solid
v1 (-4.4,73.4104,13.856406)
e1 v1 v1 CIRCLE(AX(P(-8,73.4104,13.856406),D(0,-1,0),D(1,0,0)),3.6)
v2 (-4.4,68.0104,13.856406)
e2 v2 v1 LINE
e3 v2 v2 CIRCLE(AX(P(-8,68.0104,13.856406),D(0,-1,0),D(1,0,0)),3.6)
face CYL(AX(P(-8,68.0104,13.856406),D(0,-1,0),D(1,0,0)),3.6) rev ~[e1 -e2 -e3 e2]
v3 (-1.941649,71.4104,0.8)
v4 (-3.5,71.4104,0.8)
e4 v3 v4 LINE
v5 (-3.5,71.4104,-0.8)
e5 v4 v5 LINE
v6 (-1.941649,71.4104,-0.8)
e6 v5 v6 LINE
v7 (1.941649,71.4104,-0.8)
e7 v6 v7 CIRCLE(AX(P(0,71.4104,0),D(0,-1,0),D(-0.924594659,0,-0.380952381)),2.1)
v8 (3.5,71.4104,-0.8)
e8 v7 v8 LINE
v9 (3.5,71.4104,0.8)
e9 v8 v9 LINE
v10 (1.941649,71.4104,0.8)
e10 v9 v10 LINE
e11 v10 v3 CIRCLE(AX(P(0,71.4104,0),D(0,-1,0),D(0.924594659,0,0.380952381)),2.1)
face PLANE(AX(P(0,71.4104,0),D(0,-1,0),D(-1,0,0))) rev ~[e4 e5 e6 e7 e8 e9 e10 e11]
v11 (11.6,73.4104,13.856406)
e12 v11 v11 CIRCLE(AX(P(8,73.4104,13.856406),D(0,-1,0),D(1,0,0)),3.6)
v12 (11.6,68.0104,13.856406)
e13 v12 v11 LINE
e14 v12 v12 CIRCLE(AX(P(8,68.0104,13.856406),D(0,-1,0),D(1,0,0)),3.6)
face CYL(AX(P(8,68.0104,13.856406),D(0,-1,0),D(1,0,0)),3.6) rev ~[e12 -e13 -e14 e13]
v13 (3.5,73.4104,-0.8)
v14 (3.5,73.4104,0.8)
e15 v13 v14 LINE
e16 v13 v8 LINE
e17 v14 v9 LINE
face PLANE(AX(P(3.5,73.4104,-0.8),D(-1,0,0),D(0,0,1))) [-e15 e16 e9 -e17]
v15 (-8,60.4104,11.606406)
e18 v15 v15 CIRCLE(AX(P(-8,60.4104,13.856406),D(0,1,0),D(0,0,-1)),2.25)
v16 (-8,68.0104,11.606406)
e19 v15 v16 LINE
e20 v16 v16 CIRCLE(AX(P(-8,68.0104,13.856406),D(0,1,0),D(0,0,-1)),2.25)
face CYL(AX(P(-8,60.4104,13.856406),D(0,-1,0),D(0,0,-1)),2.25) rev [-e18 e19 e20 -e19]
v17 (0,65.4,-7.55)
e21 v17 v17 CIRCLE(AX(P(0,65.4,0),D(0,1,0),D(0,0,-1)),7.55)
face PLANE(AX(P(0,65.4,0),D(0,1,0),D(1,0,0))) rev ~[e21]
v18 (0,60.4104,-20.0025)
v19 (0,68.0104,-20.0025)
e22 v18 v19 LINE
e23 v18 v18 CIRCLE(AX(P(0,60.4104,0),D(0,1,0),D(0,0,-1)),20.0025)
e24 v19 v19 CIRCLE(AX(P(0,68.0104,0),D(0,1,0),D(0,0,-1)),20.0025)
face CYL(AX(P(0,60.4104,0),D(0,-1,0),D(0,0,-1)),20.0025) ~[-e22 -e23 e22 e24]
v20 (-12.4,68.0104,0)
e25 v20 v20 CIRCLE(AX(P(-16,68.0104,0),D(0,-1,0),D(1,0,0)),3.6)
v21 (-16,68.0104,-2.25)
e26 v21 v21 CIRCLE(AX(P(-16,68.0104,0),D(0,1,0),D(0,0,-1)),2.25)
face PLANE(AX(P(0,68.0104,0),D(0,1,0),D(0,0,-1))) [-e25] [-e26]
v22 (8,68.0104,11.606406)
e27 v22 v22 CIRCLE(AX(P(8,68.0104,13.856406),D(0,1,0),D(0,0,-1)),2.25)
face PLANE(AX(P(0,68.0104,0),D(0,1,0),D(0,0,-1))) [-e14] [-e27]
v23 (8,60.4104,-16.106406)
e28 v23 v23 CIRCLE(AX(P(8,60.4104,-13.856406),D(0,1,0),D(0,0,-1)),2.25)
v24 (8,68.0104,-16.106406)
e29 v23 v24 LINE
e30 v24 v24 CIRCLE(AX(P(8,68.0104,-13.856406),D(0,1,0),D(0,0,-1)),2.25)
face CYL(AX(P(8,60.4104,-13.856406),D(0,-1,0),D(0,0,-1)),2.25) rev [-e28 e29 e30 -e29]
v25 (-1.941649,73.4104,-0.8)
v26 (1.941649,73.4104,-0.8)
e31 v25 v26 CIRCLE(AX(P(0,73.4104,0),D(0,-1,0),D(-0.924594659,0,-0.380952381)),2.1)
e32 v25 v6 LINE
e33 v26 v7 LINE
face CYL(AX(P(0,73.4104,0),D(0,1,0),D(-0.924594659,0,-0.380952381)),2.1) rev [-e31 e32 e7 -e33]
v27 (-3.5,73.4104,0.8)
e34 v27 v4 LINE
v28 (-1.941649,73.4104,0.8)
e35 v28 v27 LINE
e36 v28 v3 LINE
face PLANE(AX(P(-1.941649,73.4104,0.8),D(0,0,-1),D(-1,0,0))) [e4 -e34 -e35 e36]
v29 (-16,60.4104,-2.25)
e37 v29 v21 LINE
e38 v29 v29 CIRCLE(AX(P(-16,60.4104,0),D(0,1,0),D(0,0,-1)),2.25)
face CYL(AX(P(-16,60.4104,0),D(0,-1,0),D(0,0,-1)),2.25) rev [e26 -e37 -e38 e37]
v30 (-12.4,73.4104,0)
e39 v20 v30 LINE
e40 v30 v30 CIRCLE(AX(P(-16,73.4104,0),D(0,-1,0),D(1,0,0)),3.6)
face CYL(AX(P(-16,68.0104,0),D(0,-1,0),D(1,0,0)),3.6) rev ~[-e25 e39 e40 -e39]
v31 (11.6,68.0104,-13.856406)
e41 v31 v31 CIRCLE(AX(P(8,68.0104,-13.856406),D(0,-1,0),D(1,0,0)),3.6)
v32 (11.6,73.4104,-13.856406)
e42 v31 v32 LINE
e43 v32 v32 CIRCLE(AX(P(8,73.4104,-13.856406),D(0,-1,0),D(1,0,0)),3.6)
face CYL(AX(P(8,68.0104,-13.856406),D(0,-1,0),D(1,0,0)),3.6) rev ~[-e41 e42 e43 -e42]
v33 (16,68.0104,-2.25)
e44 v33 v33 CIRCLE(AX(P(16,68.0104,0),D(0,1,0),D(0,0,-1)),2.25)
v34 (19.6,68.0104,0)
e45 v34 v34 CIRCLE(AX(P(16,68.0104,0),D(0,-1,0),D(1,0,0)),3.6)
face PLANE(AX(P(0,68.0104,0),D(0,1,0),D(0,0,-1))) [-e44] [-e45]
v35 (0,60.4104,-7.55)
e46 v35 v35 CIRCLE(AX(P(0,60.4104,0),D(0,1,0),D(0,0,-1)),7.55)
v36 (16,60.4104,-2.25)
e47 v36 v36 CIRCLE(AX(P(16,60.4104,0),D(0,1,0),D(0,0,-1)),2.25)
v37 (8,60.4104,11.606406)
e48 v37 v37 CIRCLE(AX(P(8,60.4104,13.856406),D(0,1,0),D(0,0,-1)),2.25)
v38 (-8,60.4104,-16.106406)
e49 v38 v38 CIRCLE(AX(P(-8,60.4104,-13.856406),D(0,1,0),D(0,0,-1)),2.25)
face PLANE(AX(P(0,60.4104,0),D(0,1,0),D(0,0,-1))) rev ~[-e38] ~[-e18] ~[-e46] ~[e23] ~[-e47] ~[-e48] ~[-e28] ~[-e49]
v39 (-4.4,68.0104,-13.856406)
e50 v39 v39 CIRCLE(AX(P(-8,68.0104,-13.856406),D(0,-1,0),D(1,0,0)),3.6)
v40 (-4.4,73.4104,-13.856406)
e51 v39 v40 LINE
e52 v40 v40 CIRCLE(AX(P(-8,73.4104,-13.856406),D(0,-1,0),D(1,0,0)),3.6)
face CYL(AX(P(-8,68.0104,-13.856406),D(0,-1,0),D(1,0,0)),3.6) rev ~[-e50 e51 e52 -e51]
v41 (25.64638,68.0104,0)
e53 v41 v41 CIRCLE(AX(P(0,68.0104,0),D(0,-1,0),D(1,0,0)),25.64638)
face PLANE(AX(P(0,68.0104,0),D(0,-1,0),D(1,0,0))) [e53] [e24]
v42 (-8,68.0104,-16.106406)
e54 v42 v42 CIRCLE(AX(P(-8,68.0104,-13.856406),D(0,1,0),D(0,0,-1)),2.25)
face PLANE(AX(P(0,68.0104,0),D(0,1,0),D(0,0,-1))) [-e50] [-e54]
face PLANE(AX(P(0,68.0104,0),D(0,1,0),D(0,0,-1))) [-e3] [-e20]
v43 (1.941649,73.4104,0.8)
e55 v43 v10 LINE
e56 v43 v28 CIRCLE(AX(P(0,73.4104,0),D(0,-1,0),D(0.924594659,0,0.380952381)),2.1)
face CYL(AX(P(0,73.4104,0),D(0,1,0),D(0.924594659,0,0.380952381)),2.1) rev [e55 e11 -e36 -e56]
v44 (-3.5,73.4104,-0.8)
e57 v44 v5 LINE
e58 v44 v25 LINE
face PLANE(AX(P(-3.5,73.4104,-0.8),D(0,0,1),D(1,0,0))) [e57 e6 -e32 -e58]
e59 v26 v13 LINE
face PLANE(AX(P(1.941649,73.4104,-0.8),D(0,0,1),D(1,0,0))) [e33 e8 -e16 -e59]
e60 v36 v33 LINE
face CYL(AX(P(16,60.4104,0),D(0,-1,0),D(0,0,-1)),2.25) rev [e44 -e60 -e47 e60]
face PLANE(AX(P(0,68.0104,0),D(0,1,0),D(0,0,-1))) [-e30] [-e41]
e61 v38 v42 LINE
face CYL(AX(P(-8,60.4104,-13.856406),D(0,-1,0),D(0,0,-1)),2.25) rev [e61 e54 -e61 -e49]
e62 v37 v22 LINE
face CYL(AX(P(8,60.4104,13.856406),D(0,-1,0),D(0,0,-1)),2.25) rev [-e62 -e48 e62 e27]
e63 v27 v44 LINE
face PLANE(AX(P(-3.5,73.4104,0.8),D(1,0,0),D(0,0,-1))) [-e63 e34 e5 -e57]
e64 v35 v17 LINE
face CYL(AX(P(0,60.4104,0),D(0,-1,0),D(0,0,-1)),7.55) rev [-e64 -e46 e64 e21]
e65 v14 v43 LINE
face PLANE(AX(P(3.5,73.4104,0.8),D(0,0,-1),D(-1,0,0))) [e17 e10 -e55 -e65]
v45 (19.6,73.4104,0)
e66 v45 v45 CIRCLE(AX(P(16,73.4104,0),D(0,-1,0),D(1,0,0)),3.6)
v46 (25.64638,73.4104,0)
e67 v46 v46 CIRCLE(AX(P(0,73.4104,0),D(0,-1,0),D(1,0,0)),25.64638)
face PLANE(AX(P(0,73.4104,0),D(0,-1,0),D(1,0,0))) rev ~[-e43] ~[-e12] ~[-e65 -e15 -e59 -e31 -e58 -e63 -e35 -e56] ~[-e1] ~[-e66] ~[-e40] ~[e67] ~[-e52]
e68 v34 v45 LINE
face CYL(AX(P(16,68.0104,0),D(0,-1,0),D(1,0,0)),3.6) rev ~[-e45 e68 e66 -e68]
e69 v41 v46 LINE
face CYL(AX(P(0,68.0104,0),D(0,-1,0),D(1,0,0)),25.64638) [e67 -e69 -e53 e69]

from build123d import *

# Parameters (mm, degrees)
SKETCH1_R           = 20.0025
SKETCH1_R_2         = 7.55
SKETCH1_R_3         = 2.25
BOSS_EXTRUDE1_DEPTH = 7.6
SKETCH9_R           = 7.55
SKETCH9_R_2         = 6.952615
BOSS_EXTRUDE5_DEPTH = 2.6104
SKETCH2_R           = 25.64638
SKETCH2_R_2         = 3.6
BOSS_EXTRUDE2_DEPTH = 5.4
CUT_EXTRUDE1_START  = 8
SKETCH4_R           = 6.952615
CUT_EXTRUDE1_DEPTH  = 8
BOSS_EXTRUDE6_START = -8.0104
SKETCH10_R          = 6.952615
BOSS_EXTRUDE6_DEPTH = 8.0104
CUT_EXTRUDE2_DEPTH  = 2


with BuildPart() as part:
    # Sketch1 → Boss-Extrude1 (new body)
    with BuildSketch(Plane(origin=(0, 60.4104, 0), x_dir=(1, 0, 0), z_dir=(0, 1, 0))):
        with Locations(Location((0, 0, 0), (0, 0, 90))):
            Circle(SKETCH1_R)
        with Locations(Location((0, 0, 0), (0, 0, 90))):
            Circle(SKETCH1_R_2, mode=Mode.SUBTRACT)
        with Locations(Location((-8, 13.856406461, 0), (0, 0, 90))):
            Circle(SKETCH1_R_3, mode=Mode.SUBTRACT)
        with Locations(Location((8, 13.856406461, 0), (0, 0, 90))):
            Circle(SKETCH1_R_3, mode=Mode.SUBTRACT)
        with Locations(Location((16, 0, 0), (0, 0, 90))):
            Circle(SKETCH1_R_3, mode=Mode.SUBTRACT)
        with Locations(Location((8, -13.856406461, 0), (0, 0, 90))):
            Circle(SKETCH1_R_3, mode=Mode.SUBTRACT)
        with Locations(Location((-8, -13.856406461, 0), (0, 0, 90))):
            Circle(SKETCH1_R_3, mode=Mode.SUBTRACT)
        with Locations(Location((-16, 0, 0), (0, 0, 90))):
            Circle(SKETCH1_R_3, mode=Mode.SUBTRACT)
    extrude(amount=BOSS_EXTRUDE1_DEPTH)

    # Sketch9 → Boss-Extrude5 (add)
    with BuildSketch(Plane(origin=(0, 65.4, 0), x_dir=(1, 0, 0), z_dir=(0, 1, 0))):
        with Locations(Location((0, 0, 0), (0, 0, 90))):
            Circle(SKETCH9_R)
        with Locations(Location((0, 0, 0), (0, 0, 270))):
            Circle(SKETCH9_R_2, mode=Mode.SUBTRACT)
    extrude(amount=BOSS_EXTRUDE5_DEPTH)

    # Sketch2 → Boss-Extrude2 (add)
    with BuildSketch(Plane(origin=(0, 68.0104, 0), x_dir=(-1, 0, 0), z_dir=(0, -1, 0))):
        with Locations(Location((0, 0, 0), (0, 0, 180))):
            Circle(SKETCH2_R)
        with Locations(Location((-16, 0, 0), (0, 0, 180))):
            Circle(SKETCH2_R_2, mode=Mode.SUBTRACT)
        with Locations(Location((-8, 13.856406461, 0), (0, 0, 180))):
            Circle(SKETCH2_R_2, mode=Mode.SUBTRACT)
        with Locations(Location((8, 13.856406461, 0), (0, 0, 180))):
            Circle(SKETCH2_R_2, mode=Mode.SUBTRACT)
        with Locations(Location((16, 0, 0), (0, 0, 180))):
            Circle(SKETCH2_R_2, mode=Mode.SUBTRACT)
        with Locations(Location((8, -13.856406461, 0), (0, 0, 180))):
            Circle(SKETCH2_R_2, mode=Mode.SUBTRACT)
        with Locations(Location((-8, -13.856406461, 0), (0, 0, 180))):
            Circle(SKETCH2_R_2, mode=Mode.SUBTRACT)
    extrude(amount=-BOSS_EXTRUDE2_DEPTH)

    # Sketch4 → Cut-Extrude1 (cut)
    with BuildSketch(Plane.XZ.offset(-73.4104).offset(CUT_EXTRUDE1_START)):
        Circle(SKETCH4_R)
    extrude(amount=-CUT_EXTRUDE1_DEPTH, mode=Mode.SUBTRACT)

    # Sketch10 → Boss-Extrude6 (add)
    with BuildSketch(Plane(origin=(0, 73.4104, 0), x_dir=(1, 0, 0), z_dir=(0, 1, 0)).offset(BOSS_EXTRUDE6_START)):
        Circle(SKETCH10_R)
    extrude(amount=BOSS_EXTRUDE6_DEPTH)

    # Sketch11 → Cut-Extrude2 (cut)
    with BuildSketch(Plane(origin=(0, 73.4104, 0), x_dir=(1, 0, 0), z_dir=(0, 1, 0))):
        with BuildLine():
            Line((1.941648784, 0.8), (3.5, 0.8))
            Line((3.5, 0.8), (3.5, -0.8))
            Line((3.5, -0.8), (1.941648784, -0.8))
            ThreePointArc((1.941648784, -0.8), (0, -2.1), (-1.941648784, -0.8))
            Line((-1.941648784, -0.8), (-3.5, -0.8))
            Line((-3.5, -0.8), (-3.5, 0.8))
            Line((-3.5, 0.8), (-1.941648784, 0.8))
            ThreePointArc((-1.941648784, 0.8), (0, 2.1), (1.941648784, 0.8))
        make_face()
    extrude(amount=-CUT_EXTRUDE2_DEPTH, mode=Mode.SUBTRACT)


solid = part.part
